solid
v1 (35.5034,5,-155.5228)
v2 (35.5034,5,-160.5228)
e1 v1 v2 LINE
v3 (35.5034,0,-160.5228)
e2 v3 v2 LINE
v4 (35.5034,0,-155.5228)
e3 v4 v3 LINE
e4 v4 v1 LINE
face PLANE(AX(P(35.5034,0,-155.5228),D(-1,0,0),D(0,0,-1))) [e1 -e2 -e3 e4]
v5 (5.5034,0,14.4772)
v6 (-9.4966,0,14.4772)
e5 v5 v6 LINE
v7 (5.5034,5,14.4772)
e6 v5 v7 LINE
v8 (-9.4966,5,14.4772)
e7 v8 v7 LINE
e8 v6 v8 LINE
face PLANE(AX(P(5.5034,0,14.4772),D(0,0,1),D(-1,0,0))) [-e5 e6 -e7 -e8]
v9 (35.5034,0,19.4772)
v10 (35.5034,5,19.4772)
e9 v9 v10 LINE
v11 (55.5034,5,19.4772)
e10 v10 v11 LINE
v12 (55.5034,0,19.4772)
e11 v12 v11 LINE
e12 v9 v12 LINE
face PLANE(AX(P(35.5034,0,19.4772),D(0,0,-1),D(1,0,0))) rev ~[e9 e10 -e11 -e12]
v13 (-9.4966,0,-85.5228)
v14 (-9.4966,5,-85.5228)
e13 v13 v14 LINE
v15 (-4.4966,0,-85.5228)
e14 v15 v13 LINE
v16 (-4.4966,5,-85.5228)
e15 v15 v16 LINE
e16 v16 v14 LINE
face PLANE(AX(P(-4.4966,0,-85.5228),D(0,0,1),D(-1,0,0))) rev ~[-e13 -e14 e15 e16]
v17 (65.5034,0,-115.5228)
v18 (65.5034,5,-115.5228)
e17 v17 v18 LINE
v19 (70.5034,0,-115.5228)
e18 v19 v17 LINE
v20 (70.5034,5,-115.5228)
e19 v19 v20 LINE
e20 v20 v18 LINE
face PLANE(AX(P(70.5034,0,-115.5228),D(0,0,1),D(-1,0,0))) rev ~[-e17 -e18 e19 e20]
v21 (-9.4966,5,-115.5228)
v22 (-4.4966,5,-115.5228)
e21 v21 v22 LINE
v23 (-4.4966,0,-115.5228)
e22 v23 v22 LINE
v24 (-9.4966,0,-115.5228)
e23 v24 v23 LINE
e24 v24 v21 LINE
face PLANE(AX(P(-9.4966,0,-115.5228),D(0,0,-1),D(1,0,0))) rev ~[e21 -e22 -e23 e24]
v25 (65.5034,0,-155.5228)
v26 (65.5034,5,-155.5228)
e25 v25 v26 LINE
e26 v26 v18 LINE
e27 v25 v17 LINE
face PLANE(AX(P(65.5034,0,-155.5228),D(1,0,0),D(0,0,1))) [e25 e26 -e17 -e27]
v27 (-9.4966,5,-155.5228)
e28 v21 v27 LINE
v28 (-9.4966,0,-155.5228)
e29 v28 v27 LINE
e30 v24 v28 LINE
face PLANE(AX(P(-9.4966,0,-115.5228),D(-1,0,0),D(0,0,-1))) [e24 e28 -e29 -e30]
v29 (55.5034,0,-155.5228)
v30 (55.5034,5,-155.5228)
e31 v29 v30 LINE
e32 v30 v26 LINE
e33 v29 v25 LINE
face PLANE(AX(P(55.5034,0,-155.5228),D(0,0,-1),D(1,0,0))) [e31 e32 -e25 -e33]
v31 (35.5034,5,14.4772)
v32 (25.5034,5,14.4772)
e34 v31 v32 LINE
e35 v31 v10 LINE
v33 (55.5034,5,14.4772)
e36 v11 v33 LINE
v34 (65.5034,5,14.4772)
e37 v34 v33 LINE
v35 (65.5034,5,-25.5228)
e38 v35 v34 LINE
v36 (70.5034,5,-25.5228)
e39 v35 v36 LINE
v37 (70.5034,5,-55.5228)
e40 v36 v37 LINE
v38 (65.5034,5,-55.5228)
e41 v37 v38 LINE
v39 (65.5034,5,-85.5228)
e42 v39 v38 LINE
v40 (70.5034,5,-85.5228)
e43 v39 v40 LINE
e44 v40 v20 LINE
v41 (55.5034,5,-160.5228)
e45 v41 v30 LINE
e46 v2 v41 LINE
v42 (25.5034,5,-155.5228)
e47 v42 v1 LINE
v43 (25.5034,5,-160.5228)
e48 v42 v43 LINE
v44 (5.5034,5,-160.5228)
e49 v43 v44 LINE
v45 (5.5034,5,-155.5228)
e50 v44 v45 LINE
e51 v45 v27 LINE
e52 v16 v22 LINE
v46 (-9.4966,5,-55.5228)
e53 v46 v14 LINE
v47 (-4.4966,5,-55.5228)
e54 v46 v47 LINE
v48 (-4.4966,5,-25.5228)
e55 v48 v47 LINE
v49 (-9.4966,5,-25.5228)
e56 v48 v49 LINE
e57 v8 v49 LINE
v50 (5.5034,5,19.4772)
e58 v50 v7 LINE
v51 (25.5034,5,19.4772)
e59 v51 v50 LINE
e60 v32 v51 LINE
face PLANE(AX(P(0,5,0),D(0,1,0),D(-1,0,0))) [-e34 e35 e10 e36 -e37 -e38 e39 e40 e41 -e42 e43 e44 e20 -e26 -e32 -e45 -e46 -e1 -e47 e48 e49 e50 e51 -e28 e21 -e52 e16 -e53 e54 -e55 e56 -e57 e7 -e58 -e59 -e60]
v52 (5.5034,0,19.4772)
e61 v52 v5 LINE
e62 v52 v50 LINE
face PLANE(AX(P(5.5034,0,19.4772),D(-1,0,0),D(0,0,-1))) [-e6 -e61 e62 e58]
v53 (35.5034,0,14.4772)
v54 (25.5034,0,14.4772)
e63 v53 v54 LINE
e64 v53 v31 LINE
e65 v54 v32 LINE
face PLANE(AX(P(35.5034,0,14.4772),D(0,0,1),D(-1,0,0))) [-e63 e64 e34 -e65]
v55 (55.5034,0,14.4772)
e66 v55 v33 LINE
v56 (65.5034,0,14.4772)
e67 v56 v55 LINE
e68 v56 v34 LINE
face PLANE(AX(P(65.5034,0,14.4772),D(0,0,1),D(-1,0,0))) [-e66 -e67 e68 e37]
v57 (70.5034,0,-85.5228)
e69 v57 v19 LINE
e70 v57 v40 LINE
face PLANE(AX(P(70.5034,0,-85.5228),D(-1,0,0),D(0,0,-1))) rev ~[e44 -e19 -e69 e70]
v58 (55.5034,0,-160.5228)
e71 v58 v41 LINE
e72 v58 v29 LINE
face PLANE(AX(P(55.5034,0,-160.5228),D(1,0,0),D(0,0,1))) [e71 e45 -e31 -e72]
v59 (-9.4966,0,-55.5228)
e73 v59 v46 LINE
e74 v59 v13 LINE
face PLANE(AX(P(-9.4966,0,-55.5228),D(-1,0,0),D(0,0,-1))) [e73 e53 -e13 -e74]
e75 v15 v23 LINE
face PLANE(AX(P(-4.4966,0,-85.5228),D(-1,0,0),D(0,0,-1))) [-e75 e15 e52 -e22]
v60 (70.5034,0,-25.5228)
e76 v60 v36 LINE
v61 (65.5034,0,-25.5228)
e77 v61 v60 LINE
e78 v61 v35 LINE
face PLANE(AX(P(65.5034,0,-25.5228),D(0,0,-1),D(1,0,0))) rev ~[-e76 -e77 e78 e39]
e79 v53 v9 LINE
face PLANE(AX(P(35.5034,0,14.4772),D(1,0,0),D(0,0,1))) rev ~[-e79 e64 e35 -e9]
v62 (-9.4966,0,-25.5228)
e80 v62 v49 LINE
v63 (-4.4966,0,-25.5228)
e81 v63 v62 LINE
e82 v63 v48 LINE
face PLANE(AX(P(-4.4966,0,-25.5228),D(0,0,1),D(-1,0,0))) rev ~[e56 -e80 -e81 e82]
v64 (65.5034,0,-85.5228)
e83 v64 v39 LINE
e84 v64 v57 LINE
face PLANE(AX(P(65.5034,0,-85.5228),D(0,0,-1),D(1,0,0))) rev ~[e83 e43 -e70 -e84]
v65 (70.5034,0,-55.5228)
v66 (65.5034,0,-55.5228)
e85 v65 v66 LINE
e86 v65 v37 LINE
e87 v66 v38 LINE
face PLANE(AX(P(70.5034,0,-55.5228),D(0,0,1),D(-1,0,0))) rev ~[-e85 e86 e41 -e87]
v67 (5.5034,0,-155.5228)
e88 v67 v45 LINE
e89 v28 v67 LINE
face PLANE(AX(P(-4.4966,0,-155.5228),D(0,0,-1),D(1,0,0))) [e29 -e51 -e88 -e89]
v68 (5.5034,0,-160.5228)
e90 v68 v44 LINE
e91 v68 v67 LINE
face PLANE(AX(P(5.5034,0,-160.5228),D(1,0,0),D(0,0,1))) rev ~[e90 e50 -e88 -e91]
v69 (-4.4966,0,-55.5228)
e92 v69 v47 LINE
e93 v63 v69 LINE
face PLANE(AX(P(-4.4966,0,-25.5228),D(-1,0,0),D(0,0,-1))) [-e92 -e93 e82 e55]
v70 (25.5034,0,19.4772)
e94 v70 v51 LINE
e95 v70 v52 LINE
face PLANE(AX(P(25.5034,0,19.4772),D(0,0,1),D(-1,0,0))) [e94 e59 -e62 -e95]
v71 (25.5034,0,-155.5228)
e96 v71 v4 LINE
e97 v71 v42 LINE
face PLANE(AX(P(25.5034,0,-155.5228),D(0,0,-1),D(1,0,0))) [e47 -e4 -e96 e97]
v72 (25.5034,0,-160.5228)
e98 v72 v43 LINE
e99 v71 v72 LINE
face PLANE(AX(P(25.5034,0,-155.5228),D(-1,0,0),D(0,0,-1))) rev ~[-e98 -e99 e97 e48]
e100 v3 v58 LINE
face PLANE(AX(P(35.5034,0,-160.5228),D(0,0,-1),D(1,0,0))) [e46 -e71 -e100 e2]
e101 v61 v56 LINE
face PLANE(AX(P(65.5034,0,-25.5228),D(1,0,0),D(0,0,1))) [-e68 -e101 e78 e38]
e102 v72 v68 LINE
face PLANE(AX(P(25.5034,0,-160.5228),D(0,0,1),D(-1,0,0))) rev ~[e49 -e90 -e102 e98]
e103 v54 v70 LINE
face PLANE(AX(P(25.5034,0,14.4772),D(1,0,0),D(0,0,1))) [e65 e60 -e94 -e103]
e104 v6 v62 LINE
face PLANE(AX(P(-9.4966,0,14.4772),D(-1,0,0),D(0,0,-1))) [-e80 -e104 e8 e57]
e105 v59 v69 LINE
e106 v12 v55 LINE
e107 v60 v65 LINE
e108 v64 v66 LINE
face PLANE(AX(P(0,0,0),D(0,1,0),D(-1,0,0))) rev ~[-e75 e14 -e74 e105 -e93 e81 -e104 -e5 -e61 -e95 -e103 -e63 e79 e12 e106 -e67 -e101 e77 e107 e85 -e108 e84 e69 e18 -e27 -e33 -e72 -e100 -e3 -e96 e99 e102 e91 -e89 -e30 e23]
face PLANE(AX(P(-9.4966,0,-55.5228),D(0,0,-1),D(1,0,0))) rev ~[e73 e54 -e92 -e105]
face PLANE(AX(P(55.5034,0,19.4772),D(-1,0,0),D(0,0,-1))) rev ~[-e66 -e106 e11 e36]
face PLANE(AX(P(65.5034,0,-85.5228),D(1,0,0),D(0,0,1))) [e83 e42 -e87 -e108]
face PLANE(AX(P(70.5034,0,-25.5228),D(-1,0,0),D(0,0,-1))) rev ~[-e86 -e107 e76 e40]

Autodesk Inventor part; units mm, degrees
ref_plane "YZ Plane" through (0, 0, 0) normal (1, 0, 0) x (0, 1, 0)
ref_plane "XZ Plane" through (0, 0, 0) normal (0, 1, 0) x (-1, 0, 0)
ref_plane "XY Plane" through (0, 0, 0) normal (0, 0, 1) x (1, 0, 0)
sketch "Sketch1" plane through (0, 0, 0) normal (0, 1, 0) x (-1, 0, 0)
  line L0 (-65.5034, 14.4772) -> (4.4966, 14.4772)
  line L1 (4.4966, 14.4772) -> (4.4966, -155.5228)
  line L2 (4.4966, -155.5228) -> (-65.5034, -155.5228)
  line L3 (-65.5034, -155.5228) -> (-65.5034, 14.4772)
  line L4 (4.4966, -70.5228) -> (-65.5034, -70.5228) construction
  line L5 (-30.5034, 14.4772) -> (-30.5034, -155.5228) construction
  line L6 (4.4966, -25.5228) -> (9.4966, -25.5228)
  line L7 (9.4966, -55.5228) -> (4.4966, -55.5228)
  line L8 (4.4966, -55.5228) -> (4.4966, -25.5228)
  line L9 (4.4966, -85.5228) -> (9.4966, -85.5228)
  line L10 (9.4966, -115.5228) -> (4.4966, -115.5228)
  line L11 (4.4966, -115.5228) -> (4.4966, -85.5228)
  line L12 (-5.5034, 14.4772) -> (-25.5034, 14.4772)
  line L13 (-25.5034, 14.4772) -> (-25.5034, 19.4772)
  line L14 (-25.5034, 19.4772) -> (-5.5034, 19.4772)
  line L15 (-5.5034, 19.4772) -> (-5.5034, 14.4772)
  line L16 (-55.5034, 14.4772) -> (-35.5034, 14.4772)
  line L17 (-35.5034, 14.4772) -> (-35.5034, 19.4772)
  line L18 (-35.5034, 19.4772) -> (-55.5034, 19.4772)
  line L19 (-55.5034, 19.4772) -> (-55.5034, 14.4772)
  line L20 (-65.5034, -25.5228) -> (-70.5034, -25.5228)
  line L21 (-70.5034, -25.5228) -> (-70.5034, -55.5228)
  line L22 (-70.5034, -55.5228) -> (-65.5034, -55.5228)
  line L23 (-65.5034, -85.5228) -> (-70.5034, -85.5228)
  line L24 (-70.5034, -85.5228) -> (-70.5034, -115.5228)
  line L25 (-70.5034, -115.5228) -> (-65.5034, -115.5228)
  line L26 (-25.5034, -155.5228) -> (-25.5034, -160.5228)
  line L27 (-25.5034, -160.5228) -> (-5.5034, -160.5228)
  line L28 (-5.5034, -160.5228) -> (-5.5034, -155.5228)
  line L29 (-35.5034, -155.5228) -> (-35.5034, -160.5228)
  line L30 (-35.5034, -160.5228) -> (-55.5034, -160.5228)
  line L31 (-55.5034, -160.5228) -> (-55.5034, -155.5228)
  line L32 (4.4966, 14.4772) -> (9.4966, 14.4772)
  line L33 (9.4966, -155.5228) -> (4.4966, -155.5228)
  line L34 (4.4966, -155.5228) -> (4.4966, 14.4772)
  line L35 (9.4966, 14.4772) -> (9.4966, -25.5228)
  line L36 (9.4966, -55.5228) -> (9.4966, -85.5228)
  line L37 (9.4966, -115.5228) -> (9.4966, -155.5228)
  point P0 (0, 0)
  dimension "d0" = 170
  dimension "d1" = 70
  dimension "d2" = 5
  dimension "d3" = 30
  dimension "d4" = 5
  dimension "d5" = 30
  dimension "d6" = 30
  dimension "d7" = 15
  dimension "d8" = 20
  dimension "d9" = 20
  dimension "d10" = 5
  dimension "d11" = 5
  dimension "d12" = 10
  dimension "d13" = 5
extrude "Extrusion1" add sketch "Sketch1" along normal blind 5
properties part number "LAT 4"
